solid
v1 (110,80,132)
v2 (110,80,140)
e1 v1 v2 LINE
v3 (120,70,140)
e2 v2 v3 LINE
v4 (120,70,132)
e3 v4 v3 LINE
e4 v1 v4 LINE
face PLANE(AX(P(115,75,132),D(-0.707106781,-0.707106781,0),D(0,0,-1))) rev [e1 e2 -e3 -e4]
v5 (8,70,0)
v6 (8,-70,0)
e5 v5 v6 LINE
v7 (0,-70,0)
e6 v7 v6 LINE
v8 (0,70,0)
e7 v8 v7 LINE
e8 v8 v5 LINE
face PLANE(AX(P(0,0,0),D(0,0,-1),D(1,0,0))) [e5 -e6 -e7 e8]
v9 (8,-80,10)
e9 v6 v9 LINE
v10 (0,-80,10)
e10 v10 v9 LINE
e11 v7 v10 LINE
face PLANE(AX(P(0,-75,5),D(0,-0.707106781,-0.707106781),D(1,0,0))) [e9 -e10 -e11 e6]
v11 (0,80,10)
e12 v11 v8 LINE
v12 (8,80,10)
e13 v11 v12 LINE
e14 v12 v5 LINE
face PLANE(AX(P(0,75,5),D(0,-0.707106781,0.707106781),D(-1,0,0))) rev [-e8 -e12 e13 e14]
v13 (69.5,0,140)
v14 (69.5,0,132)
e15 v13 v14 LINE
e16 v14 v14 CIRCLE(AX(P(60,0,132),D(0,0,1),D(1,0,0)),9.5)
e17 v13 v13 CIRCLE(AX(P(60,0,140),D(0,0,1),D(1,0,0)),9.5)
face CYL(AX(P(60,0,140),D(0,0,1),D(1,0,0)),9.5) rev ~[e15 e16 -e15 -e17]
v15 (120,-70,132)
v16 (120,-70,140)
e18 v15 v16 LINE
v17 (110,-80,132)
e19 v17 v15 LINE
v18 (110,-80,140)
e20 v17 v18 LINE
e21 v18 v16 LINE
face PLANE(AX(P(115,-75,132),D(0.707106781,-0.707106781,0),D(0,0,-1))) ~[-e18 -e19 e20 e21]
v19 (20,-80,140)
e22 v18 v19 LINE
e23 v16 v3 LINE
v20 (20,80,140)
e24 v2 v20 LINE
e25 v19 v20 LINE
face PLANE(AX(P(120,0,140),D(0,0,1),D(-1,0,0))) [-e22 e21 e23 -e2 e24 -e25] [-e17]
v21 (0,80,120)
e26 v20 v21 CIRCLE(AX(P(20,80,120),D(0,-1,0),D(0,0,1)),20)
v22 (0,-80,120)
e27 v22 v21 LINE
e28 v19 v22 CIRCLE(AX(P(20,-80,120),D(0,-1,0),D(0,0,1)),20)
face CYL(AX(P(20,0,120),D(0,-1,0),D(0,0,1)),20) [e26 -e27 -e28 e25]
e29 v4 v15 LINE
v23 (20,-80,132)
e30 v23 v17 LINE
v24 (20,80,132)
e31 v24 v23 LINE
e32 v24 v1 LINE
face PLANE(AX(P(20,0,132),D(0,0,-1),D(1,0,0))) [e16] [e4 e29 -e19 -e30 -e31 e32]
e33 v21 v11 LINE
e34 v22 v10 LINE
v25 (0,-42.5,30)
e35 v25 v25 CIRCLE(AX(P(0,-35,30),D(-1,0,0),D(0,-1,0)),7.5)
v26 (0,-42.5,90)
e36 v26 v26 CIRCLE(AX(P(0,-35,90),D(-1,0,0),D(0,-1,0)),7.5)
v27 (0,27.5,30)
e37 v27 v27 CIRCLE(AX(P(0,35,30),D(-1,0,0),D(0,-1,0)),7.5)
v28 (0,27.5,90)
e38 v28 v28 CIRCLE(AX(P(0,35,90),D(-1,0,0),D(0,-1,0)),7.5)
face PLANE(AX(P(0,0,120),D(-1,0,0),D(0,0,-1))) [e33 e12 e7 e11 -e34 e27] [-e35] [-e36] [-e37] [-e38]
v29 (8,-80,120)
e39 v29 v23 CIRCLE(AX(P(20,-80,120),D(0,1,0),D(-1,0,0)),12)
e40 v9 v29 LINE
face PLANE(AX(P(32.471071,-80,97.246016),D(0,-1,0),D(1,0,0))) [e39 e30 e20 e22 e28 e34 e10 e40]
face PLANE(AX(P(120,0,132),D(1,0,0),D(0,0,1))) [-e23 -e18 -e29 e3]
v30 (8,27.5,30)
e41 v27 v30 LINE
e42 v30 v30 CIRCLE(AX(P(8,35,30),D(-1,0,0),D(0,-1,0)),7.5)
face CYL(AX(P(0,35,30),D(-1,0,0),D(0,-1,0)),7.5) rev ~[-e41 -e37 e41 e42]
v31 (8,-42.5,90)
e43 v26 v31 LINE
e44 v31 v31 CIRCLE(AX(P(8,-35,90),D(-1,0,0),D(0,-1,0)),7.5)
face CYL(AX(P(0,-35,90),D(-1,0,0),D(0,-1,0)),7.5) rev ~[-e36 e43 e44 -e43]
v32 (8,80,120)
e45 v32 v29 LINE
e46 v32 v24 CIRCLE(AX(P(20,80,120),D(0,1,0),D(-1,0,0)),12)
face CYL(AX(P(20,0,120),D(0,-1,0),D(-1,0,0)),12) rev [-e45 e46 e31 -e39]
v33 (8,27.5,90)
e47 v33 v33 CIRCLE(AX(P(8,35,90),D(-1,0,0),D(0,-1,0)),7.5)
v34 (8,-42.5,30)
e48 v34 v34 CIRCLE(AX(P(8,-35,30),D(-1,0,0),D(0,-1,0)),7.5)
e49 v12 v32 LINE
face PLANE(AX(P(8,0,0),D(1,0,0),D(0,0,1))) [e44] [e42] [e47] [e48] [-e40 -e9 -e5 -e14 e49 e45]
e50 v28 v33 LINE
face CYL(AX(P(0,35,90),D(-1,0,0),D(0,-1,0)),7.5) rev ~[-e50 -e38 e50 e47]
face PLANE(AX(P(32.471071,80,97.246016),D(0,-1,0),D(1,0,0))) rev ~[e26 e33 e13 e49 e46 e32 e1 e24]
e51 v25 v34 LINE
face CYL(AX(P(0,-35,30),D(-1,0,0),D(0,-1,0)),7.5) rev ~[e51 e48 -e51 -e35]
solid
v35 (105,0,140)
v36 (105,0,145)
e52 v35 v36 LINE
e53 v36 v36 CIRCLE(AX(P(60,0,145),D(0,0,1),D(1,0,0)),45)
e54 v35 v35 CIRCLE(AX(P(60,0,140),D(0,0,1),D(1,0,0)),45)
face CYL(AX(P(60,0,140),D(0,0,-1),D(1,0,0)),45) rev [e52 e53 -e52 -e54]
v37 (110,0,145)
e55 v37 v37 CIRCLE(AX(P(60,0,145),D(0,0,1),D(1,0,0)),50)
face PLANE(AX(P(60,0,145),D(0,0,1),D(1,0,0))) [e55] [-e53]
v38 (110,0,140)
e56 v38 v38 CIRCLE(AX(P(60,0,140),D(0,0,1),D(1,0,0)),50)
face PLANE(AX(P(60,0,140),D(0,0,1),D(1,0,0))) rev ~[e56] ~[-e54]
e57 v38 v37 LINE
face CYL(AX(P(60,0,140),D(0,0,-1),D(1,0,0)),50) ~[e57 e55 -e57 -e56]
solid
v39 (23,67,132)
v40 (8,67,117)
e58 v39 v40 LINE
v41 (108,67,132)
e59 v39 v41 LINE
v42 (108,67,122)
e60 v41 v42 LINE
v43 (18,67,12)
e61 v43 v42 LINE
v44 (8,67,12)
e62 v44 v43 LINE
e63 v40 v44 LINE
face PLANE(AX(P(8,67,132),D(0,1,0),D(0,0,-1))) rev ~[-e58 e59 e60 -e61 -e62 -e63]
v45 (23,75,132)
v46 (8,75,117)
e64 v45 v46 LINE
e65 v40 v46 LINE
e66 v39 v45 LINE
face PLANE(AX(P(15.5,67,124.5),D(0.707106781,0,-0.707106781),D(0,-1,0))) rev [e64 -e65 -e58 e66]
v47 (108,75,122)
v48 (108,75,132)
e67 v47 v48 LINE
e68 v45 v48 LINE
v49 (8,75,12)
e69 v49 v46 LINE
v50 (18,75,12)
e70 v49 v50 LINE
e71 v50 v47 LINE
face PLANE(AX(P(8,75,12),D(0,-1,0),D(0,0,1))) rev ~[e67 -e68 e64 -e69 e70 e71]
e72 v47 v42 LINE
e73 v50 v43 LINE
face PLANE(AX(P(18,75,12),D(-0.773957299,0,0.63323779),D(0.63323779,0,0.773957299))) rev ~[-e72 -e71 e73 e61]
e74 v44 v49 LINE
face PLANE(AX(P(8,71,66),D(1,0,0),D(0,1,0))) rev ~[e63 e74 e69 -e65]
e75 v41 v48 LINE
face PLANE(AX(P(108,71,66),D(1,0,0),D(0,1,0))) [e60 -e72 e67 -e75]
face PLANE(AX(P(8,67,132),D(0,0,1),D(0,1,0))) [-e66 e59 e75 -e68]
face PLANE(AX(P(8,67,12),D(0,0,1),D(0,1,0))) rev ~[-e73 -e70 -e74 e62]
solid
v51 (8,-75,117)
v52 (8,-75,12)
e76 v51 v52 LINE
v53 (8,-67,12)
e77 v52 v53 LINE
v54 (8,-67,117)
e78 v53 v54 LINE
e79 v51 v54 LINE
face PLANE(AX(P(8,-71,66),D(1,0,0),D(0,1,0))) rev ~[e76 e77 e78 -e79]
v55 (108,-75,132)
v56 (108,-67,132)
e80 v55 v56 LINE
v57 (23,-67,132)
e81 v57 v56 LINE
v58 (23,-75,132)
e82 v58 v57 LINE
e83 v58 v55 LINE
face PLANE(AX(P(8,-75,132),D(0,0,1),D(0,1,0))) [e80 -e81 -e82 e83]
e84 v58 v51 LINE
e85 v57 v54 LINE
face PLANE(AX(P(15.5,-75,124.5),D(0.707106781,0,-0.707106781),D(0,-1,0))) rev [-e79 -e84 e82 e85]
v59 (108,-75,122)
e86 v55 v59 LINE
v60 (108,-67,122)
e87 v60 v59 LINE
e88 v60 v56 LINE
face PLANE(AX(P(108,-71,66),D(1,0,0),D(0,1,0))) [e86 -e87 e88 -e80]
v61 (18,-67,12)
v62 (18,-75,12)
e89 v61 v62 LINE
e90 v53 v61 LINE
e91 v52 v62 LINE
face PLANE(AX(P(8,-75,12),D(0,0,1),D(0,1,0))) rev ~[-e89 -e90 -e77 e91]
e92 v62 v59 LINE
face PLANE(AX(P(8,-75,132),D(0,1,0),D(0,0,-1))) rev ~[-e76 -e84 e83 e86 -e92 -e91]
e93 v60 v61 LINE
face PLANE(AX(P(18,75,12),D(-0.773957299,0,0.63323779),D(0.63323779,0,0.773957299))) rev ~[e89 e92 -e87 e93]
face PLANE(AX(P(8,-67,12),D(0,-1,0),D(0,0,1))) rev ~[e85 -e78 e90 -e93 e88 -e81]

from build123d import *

# Parameters (mm, degrees)
F1_DEPTH  = 80
F2_W      = 8
F2_H      = 108
F2_H_2    = 12
F3_DEPTH  = 100
F4_SIZE   = 15
F4_2_SIZE = 15
F6_DEPTH  = 155.001
F7_R      = 9.5
F8_DEPTH  = 140.001
F7_R_2    = 50
F7_R_3    = 45
F9_DEPTH  = 5
F10_SIZE  = 10
F11_R     = 7.5
F12_DEPTH = 25
F13_DEPTH = 120.001


with BuildPart() as f1:
    # F0 (on Front) → F1 (new body, symmetric)
    with BuildSketch(Plane.XZ):
        with BuildLine():
            Line((0, 120), (0, 0))
            Line((0, 0), (8, 0))
            Line((8, 0), (8, 120))
            ThreePointArc((8, 120), (11.5147186258, 128.4852813742), (20, 132))
            Line((20, 132), (120, 132))
            Line((120, 132), (120, 140))
            Line((120, 140), (20, 140))
            ThreePointArc((20, 140), (5.8578643763, 134.1421356237), (0, 120))
        make_face()
    extrude(amount=F1_DEPTH, both=True)

    # F7 (on face) → F8 (cut, through all)
    with BuildSketch(Plane.XY.offset(140)):
        with Locations((60, 0)):
            Circle(F7_R)
    extrude(amount=-F8_DEPTH, mode=Mode.SUBTRACT)

    # F10
    f10_edges = [f1.edges().sort_by_distance(p)[0] for p in [
        (120, -80, 136),
        (4, -80, 0),
        (120, 80, 136),
        (4, 80, 0),
    ]]
    chamfer(f10_edges, length=F10_SIZE)

    # F11 (on face) → F12 (cut)
    with BuildSketch(Plane(origin=(0, 0, 0), x_dir=(0, -1, 0), z_dir=(-1, 0, 0))):
        with Locations((-35, 90)):
            Circle(F11_R)
        with Locations((35, 90)):
            Circle(F11_R)
        with Locations((35, 30)):
            Circle(F11_R)
        with Locations((-35, 30)):
            Circle(F11_R)
    extrude(amount=-F12_DEPTH, mode=Mode.SUBTRACT)

    # F11 (on face) → F13 (cut, through all)
    with BuildSketch(Plane(origin=(0, 0, 0), x_dir=(0, -1, 0), z_dir=(-1, 0, 0))):
        with Locations((-35, 90)):
            Circle(F11_R)
        with Locations((35, 90)):
            Circle(F11_R)
    extrude(amount=-F13_DEPTH, mode=Mode.SUBTRACT)


with BuildPart() as f3:
    # F2 (on face) → F3 (new body)
    with BuildSketch(Plane.YZ.offset(8)):
        with Locations((-71, 66)):
            Rectangle(F2_W, F2_H)
        with Locations((-71, 126)):
            Rectangle(F2_W, F2_H_2)
    extrude(amount=F3_DEPTH)

    # F4#2
    f4_2_edges = [f3.edges().sort_by_distance(p)[0] for p in [
        (8, -71, 132),
    ]]
    chamfer(f4_2_edges, length=F4_2_SIZE)


with BuildPart() as f3b:
    # F2 (on face) → F3, piece 2 (new body)
    with BuildSketch(Plane.YZ.offset(8)):
        with Locations((71, 66)):
            Rectangle(F2_W, F2_H)
        with Locations((71, 126)):
            Rectangle(F2_W, F2_H_2)
    extrude(amount=F3_DEPTH)

    # F4
    f4_edges = [f3b.edges().sort_by_distance(p)[0] for p in [
        (8, 71, 132),
    ]]
    chamfer(f4_edges, length=F4_SIZE)


with BuildPart() as f6_tool:
    # F5 (on face) → F6 (new body, through all)
    with BuildSketch(Plane(origin=(0, 75, 0), x_dir=(-1, 0, 0), z_dir=(0, 1, 0))):
        Polygon((-18, 12), (-108, 122), (-108, 12), align=None)
    extrude(amount=-F6_DEPTH)


with BuildPart() as f3_1:
    add(f3.part)

    # F6: cut by f6_tool
    add(f6_tool.part, mode=Mode.SUBTRACT)


with BuildPart() as f3b_1:
    add(f3b.part)

    # F6: cut by f6_tool
    add(f6_tool.part, mode=Mode.SUBTRACT)


with BuildPart() as f9:
    # F7 (on face) → F9 (new body)
    with BuildSketch(Plane.XY.offset(140)):
        with Locations((60, 0)):
            Circle(F7_R_2)
        with Locations((60, 0)):
            Circle(F7_R_3, mode=Mode.SUBTRACT)
    extrude(amount=F9_DEPTH)


solid = Compound([f1.part, f3_1.part, f3b_1.part, f9.part])
